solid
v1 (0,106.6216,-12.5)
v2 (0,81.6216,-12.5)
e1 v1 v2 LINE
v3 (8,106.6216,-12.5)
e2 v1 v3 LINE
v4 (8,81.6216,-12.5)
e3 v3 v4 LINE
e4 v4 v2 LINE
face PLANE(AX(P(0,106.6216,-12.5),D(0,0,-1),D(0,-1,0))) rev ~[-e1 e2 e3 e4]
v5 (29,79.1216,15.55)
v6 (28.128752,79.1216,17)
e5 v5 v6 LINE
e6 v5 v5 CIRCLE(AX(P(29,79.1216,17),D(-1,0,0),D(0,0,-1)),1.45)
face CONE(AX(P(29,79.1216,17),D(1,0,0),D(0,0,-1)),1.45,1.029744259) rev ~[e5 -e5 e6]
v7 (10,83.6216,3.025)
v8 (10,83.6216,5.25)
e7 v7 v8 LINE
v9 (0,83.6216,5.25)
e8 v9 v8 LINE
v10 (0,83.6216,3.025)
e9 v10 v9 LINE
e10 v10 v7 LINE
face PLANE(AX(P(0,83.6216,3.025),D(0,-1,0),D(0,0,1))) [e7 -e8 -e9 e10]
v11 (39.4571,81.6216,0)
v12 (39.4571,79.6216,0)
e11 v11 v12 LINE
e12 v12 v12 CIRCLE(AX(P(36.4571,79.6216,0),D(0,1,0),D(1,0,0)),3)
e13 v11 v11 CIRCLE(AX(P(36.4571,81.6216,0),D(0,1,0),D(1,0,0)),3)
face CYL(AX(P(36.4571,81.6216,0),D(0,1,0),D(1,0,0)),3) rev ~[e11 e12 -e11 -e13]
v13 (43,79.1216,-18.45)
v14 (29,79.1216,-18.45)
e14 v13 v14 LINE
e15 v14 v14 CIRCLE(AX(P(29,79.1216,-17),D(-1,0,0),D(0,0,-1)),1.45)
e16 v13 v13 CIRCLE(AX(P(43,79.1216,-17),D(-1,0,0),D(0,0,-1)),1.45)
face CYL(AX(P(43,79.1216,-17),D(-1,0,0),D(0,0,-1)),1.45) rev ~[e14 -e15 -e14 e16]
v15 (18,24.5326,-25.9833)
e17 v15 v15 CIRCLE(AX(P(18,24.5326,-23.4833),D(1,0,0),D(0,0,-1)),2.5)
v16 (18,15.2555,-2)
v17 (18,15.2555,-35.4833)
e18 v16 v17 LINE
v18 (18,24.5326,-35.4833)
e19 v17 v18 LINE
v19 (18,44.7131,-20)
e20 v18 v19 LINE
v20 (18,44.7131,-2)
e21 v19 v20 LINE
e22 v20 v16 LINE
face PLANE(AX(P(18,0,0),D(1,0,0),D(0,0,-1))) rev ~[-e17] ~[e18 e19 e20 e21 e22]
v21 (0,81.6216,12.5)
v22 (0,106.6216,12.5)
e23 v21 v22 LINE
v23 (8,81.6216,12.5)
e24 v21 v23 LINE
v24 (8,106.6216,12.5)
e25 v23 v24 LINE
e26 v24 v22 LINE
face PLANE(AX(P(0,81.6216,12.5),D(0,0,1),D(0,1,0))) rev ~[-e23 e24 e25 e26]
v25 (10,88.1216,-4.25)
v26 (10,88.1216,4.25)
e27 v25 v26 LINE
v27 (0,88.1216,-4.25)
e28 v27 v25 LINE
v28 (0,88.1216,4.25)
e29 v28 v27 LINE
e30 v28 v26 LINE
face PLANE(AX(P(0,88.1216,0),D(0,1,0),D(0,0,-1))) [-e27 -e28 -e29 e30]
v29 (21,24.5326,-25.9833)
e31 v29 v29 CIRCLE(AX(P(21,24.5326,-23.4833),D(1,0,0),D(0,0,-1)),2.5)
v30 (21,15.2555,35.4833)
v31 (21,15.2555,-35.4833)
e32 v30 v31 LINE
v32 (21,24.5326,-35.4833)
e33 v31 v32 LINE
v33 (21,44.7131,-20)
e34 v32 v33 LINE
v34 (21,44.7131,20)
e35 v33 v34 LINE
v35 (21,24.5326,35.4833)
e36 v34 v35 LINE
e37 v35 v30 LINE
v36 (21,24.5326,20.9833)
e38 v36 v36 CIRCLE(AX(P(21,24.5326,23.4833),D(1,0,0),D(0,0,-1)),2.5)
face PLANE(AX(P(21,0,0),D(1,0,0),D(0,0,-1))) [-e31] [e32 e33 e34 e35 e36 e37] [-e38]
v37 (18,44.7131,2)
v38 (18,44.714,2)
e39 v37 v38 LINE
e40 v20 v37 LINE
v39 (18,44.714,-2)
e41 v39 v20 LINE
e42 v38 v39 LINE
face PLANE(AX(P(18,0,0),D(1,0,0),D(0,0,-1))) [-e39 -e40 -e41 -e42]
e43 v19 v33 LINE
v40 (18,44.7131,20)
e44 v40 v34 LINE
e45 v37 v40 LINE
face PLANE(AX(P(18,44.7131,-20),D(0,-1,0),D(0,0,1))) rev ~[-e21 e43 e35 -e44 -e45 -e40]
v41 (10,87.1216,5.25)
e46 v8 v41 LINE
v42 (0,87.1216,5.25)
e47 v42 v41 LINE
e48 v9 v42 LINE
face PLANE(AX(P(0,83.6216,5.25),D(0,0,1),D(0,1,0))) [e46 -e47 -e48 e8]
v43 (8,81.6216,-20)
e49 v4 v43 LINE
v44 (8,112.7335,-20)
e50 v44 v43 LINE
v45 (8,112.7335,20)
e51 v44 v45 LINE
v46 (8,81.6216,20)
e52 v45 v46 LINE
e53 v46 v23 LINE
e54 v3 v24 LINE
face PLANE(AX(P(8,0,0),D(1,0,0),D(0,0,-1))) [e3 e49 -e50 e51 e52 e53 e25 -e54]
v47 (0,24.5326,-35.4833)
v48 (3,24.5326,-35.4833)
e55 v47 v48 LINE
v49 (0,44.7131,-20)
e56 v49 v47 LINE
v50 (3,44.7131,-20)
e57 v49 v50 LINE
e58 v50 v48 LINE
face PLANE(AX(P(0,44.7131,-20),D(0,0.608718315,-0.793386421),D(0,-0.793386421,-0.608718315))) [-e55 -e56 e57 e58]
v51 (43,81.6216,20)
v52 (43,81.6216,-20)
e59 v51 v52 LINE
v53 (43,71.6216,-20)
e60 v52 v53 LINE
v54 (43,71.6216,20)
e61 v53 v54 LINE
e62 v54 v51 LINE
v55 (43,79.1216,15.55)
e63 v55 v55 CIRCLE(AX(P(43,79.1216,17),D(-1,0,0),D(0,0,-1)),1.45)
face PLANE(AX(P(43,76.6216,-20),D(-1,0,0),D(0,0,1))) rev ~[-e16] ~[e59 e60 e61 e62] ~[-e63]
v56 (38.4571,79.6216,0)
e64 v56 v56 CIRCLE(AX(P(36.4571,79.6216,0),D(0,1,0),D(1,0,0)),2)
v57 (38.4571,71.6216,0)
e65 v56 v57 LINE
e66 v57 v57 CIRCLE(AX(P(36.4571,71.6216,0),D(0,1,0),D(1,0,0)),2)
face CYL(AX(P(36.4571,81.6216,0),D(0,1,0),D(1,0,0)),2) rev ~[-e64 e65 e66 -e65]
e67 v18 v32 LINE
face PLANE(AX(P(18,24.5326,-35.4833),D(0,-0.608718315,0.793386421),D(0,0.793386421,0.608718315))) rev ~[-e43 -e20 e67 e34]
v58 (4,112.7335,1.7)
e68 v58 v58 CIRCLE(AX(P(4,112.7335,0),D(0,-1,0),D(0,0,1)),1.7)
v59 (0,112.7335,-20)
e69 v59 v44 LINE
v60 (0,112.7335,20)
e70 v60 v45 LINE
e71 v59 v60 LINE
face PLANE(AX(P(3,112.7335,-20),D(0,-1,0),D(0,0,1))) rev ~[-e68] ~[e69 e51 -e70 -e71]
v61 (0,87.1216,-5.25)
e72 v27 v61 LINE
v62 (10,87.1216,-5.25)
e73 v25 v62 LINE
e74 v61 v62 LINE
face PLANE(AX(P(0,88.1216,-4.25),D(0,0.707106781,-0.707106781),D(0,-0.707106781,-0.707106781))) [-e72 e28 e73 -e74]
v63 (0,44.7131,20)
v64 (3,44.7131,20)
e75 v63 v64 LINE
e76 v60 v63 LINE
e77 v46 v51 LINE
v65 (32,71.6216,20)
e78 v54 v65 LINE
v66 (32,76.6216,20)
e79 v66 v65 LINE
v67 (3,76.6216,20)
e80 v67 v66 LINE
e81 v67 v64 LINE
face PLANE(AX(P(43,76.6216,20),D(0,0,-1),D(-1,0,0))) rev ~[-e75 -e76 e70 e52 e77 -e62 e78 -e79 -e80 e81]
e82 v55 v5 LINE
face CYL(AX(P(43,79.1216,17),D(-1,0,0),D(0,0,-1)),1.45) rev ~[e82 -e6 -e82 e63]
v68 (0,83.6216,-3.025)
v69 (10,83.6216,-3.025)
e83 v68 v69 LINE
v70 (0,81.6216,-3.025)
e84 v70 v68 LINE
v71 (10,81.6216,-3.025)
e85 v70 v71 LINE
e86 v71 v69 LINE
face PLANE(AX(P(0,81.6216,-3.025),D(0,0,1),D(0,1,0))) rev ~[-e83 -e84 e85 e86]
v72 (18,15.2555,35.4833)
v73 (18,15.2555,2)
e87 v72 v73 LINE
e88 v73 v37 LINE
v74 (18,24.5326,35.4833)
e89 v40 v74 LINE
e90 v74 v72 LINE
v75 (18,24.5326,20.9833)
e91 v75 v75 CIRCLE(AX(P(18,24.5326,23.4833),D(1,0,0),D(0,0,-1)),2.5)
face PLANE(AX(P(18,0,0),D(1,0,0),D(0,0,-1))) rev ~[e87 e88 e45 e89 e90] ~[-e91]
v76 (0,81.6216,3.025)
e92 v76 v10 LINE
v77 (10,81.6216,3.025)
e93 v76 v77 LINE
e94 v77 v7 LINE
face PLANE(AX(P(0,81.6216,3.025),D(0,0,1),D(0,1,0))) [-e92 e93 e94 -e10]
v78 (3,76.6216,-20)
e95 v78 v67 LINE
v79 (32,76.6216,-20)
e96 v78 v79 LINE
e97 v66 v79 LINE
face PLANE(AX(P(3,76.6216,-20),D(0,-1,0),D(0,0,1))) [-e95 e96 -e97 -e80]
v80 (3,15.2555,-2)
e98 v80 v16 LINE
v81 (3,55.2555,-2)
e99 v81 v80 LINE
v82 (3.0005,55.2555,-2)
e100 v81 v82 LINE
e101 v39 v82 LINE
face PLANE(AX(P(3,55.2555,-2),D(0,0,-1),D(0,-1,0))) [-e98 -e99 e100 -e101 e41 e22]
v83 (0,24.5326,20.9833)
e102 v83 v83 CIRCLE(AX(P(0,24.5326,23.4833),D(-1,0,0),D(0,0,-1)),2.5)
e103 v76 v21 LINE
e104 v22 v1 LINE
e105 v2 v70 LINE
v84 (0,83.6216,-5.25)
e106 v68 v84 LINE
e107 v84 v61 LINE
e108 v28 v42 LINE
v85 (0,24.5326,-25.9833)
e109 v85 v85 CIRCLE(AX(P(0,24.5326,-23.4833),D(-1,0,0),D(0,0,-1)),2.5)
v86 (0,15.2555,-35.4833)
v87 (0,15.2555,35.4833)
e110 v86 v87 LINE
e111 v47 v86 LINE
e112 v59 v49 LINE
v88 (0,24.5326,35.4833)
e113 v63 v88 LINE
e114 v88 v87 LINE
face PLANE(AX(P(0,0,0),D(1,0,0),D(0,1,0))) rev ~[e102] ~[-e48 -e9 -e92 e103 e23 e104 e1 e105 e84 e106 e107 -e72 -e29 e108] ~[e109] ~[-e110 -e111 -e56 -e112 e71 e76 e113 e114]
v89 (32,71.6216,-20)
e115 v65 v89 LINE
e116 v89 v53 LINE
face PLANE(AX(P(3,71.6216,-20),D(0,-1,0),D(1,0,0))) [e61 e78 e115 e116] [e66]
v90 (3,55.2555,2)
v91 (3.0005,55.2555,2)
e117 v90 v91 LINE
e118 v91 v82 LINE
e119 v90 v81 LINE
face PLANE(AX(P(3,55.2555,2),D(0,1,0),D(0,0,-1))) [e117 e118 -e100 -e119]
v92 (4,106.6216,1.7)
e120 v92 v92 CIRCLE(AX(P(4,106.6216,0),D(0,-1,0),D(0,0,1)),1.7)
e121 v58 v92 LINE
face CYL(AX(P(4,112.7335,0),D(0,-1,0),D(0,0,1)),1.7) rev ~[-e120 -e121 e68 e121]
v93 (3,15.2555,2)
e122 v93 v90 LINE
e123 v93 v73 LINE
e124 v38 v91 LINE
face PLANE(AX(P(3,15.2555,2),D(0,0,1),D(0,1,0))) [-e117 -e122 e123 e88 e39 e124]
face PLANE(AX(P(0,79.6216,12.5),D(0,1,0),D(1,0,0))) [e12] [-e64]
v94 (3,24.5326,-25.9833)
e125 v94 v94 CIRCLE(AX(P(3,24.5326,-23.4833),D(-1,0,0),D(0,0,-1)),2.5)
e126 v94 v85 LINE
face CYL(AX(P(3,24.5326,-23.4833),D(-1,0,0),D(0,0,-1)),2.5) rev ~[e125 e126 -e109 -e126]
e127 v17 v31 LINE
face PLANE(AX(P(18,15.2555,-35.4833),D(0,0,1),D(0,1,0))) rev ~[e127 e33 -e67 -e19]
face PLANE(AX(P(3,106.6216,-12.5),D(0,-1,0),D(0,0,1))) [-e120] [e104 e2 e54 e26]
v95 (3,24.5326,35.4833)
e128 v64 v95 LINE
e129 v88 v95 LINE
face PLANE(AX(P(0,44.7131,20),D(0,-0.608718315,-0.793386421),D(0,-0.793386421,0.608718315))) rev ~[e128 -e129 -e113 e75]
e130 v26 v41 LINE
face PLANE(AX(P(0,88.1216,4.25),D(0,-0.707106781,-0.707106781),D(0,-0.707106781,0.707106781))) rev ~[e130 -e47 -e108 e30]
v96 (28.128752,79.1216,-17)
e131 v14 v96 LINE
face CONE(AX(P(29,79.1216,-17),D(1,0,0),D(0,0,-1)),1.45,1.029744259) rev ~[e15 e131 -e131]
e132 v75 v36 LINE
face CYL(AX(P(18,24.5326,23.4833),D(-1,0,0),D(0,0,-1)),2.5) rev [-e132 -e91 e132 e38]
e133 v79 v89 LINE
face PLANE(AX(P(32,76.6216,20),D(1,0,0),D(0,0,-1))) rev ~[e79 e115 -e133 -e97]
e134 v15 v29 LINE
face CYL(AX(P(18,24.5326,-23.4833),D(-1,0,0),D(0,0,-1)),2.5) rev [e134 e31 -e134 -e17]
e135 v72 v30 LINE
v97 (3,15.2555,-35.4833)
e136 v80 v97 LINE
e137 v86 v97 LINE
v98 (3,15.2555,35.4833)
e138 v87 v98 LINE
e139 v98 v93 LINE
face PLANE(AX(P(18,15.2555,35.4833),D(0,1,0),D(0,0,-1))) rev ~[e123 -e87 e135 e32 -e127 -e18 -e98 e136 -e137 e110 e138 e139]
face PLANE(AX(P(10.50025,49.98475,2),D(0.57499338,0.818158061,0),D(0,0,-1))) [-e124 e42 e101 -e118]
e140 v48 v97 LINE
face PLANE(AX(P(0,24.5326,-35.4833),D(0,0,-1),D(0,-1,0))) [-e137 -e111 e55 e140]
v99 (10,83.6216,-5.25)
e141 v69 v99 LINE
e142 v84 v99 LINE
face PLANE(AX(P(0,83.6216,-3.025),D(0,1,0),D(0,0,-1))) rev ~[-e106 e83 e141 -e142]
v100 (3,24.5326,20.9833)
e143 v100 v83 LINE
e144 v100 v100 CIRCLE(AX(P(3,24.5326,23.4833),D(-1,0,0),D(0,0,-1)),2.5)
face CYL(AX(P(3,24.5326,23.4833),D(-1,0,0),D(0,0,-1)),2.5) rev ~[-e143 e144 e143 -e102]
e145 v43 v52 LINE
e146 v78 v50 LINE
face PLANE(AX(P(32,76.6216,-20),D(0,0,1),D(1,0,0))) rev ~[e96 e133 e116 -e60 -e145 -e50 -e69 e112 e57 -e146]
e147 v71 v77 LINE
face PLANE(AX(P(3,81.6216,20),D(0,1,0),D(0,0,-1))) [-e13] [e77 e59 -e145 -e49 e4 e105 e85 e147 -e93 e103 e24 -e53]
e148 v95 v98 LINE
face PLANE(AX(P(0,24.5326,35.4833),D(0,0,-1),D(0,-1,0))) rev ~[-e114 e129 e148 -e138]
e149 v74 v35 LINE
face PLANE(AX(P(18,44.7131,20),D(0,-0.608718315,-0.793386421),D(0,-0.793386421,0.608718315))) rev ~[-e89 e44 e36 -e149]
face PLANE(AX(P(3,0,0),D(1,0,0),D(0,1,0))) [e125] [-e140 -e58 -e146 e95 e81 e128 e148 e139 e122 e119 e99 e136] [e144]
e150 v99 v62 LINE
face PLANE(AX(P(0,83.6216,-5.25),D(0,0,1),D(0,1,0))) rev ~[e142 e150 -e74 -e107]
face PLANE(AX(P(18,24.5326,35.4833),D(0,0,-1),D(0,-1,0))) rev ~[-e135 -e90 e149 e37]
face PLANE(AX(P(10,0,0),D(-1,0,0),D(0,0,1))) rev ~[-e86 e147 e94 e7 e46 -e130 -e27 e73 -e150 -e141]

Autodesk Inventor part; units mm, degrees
ref_plane "YZ Plane" through (0, 0, 0) normal (1, 0, 0) x (0, 1, 0)
ref_plane "XZ Plane" through (0, 0, 0) normal (0, 1, 0) x (-1, 0, 0)
ref_plane "XY Plane" through (0, 0, 0) normal (0, 0, 1) x (1, 0, 0)
sketch "Szkic1" plane through (0, 0, 0) normal (1, 0, 0) x (0, 1, 0)
  line L0 (81.6216, 12.5) -> (106.6216, 12.5)
  line L1 (106.6216, 12.5) -> (106.6216, -12.5)
  line L2 (106.6216, -12.5) -> (81.6216, -12.5)
  line L3 (81.6216, -12.5) -> (81.6216, 12.5)
  line L4 (81.6216, 12.5) -> (106.6216, -12.5) construction
  line L5 (106.6216, 12.5) -> (81.6216, -12.5) construction
  line L6 (112.7335, 0) -> (112.7335, 20)
  line L7 (112.7335, 20) -> (44.7131, 20)
  line L8 (44.7131, 20) -> (24.5326, 35.4833)
  line L9 (24.5326, 35.4833) -> (15.2555, 35.4833)
  line L10 (15.2555, 35.4833) -> (15.2555, 0)
  line L11 (112.7335, 0) -> (112.7335, -20)
  line L12 (112.7335, -20) -> (44.7131, -20)
  line L13 (44.7131, -20) -> (24.5326, -35.4833)
  line L14 (24.5326, -35.4833) -> (15.2555, -35.4833)
  line L15 (15.2555, -35.4833) -> (15.2555, 0)
  point P0 (0, 0)
  point P1 (94.1216, 0)
  point P2 (24.5326, 19.6832)
  point P3 (24.5326, -19.6832)
  dimension "d0" = 25
  dimension "d1" = 25
  dimension "d2" = 82.089
  dimension "d3" = 20
extrude "Wyciągnięcie proste1" add sketch "Szkic1" along normal blind 3
sketch "Szkic2" plane through (3, 0, 0) normal (1, 0, 0) x (0, 0, -1)
  line L0 (-12.5, 106.6216) -> (12.5, 106.6216) projected
  line L1 (-35.4833, 24.5326) -> (-35.4833, 15.2555) projected
  line L2 (35.4833, 15.2555) -> (35.4833, 24.5326) projected
  point P0 (0, 0)
  point P1 (-23.4833, 24.5326)
  point P2 (23.4833, 24.5326)
  dimension "d6" = 82.089
  dimension "d7" = 82.089
  dimension "d8" = 12
  dimension "d9" = 12
hole "Otwór1" at (3, 24.5326, 23.4833) at (3, 24.5326, -23.4833) direction (-1, 0, 0) diameter 5 depth 3 clearance for "Śruba ze łbem płaskim obrobiona" size "M4" standard "ANSI Profil metryczny M"
sketch "Szkic3" plane through (3, 0, 0) normal (1, 0, 0) x (0, 0, -1)
  line L0 (-12.5, 106.6216) -> (12.5, 106.6216) projected
  line L1 (-12.5, 106.6216) -> (-20, 106.6216)
  line L2 (-20, 112.7335) -> (-20, 44.7131) projected
  line L3 (-12.5, 81.6216) -> (-12.5, 106.6216) projected
  line L4 (-20, 81.6216) -> (-12.5, 81.6216)
  line L5 (-12.5, 81.6216) -> (-12.5, 106.6216)
  line L6 (12.5, 106.6216) -> (12.5, 81.6216) projected
  line L7 (12.5, 106.6216) -> (12.5, 81.6216)
  line L8 (12.5, 81.6216) -> (20, 81.6216)
  line L9 (20, 81.6216) -> (20, 106.6216)
  line L10 (20, 106.6216) -> (12.5, 106.6216)
  line L11 (20, 44.7131) -> (20, 112.7335) projected
  point P0 (0, 0)
  point P1 (-20, 81.6216)
  dimension "d36" = 0
extrude "Wyciągnięcie proste2" add sketch "Szkic3" along normal blind 5
sketch "Szkic5" plane through (3, 0, 0) normal (1, 0, 0) x (0, 0, -1)
  line L0 (-35.4833, 15.2555) -> (35.4833, 15.2555) projected
  line L1 (0, 15.2555) -> (-2, 15.2555)
  line L2 (-2, 15.2555) -> (-2, 55.2555)
  line L3 (-2, 55.2555) -> (2, 55.2555)
  line L4 (2, 55.2555) -> (2, 15.2555)
  line L5 (0, 15.2555) -> (2, 15.2555)
  point P0 (0, 0)
  dimension "d26" = 2
  dimension "d27" = 40
  dimension "d28" = 4
extrude "Wyciągnięcie proste3" add sketch "Szkic5" along normal blind 15
sketch "Szkic6" plane through (18, 0, 0) normal (1, 0, 0) x (0, 0, -1)
  line L0 (-35.4833, 15.2555) -> (35.4833, 15.2555) projected
  line L1 (35.4833, 15.2555) -> (35.4833, 24.5326) projected
  line L2 (-35.4833, 15.2555) -> (35.4833, 15.2555)
  line L3 (35.4833, 15.2555) -> (35.4833, 24.5326)
  line L4 (35.4833, 24.5326) -> (20, 44.7131) projected
  line L5 (35.4833, 24.5326) -> (20, 44.7131)
  line L6 (-20, 44.7131) -> (-35.4833, 24.5326) projected
  line L7 (20, 44.7131) -> (-20, 44.7131)
  line L8 (-35.4833, 24.5326) -> (-35.4833, 15.2555) projected
  line L9 (-20, 44.7131) -> (-35.4833, 24.5326)
  line L10 (-35.4833, 24.5326) -> (-35.4833, 15.2555)
  circle A0 centre (-23.4833, 24.5326) radius 2.5 projected
  circle A1 centre (23.4833, 24.5326) radius 2.5 projected
  point P0 (0, 0)
extrude "Wyciągnięcie proste4" add sketch "Szkic6" along normal blind 3
chamfer "Faza1" distance 10.542 distance2 15 1 edges at (18, 55.2555, 0) measured on face at (18, 51.7413, 0.6667)
sketch "Szkic7" plane through (3, 0, 0) normal (1, 0, 0) x (0, 0, -1)
  line L0 (-20, 81.6216) -> (-12.5, 81.6216) projected
  line L1 (20, 44.7131) -> (20, 112.7335) projected
  line L2 (-20, 81.6216) -> (20, 81.6216)
  line L3 (20, 81.6216) -> (20, 76.6216)
  line L4 (20, 76.6216) -> (-20, 76.6216)
  line L5 (-20, 76.6216) -> (-20, 81.6216)
  point P0 (0, 0)
  dimension "d37" = 5
extrude "Wyciągnięcie proste5" add sketch "Szkic7" along normal blind 40
sketch "Szkic8" plane through (0, 81.6216, 12.5) normal (0, 1, 0) x (1, 0, 0)
  point P0 (0, 12.5)
  point P1 (36.4571, 12.5)
hole "Otwór3" at (36.4571, 81.6216, 0) direction (0, -1, 0) diameter 4 end through all clearance for "Śruba ze łbem płaskim obrobiona" size "M4" standard "ANSI Profil metryczny M"
sketch "Szkic9" plane through (3, 0, 0) normal (1, 0, 0) x (0, 0, -1)
  line L0 (20, 112.7335) -> (-20, 112.7335) projected
  line L1 (20, 106.6216) -> (12.5, 106.6216) projected
  line L2 (-20, 112.7335) -> (20, 112.7335)
  line L3 (20, 112.7335) -> (20, 106.6216)
  line L4 (20, 106.6216) -> (-20, 106.6216)
  line L5 (-20, 106.6216) -> (-20, 112.7335)
  point P0 (0, 0)
extrude "Wyciągnięcie proste6" add sketch "Szkic9" along normal up to surface (5 mm away)
sketch "Szkic10" plane through (0, 0, 0) normal (-1, 0, 0) x (0, 0, 1)
  line L0 (-3.025, 81.6216) -> (-3.025, 83.6216)
  line L1 (-3.025, 83.6216) -> (-5.25, 83.6216)
  line L2 (-5.25, 83.6216) -> (-5.25, 87.1216)
  line L3 (0, 88.1216) -> (-4.25, 88.1216)
  line L4 (-4.25, 88.1216) -> (-5.25, 87.1216)
  line L5 (0, 88.1216) -> (4.25, 88.1216)
  line L6 (4.25, 88.1216) -> (5.25, 87.1216)
  line L7 (5.25, 83.6216) -> (5.25, 87.1216)
  line L8 (3.025, 83.6216) -> (5.25, 83.6216)
  line L9 (3.025, 81.6216) -> (3.025, 83.6216)
  line L10 (-12.5, 81.6216) -> (12.5, 81.6216) projected
  point P0 (0, 0)
  point P1 (0, 81.6216)
  point P2 (0, 81.6216)
  point P3 (-3.025, 82.6216)
  dimension "d49" = 2
  dimension "d50" = 2.225
  dimension "d51" = 3.5
  dimension "d52" = 4.25
  dimension "d53" = 0
  dimension "d54" = 3.025
extrude "Wyciągnięcie proste7" add sketch "Szkic10" against normal blind 10
sketch "Szkic11" plane through (0, 112.7335, 20) normal (0, 1, 0) x (1, 0, 0)
  point P0 (0, 20)
  point P1 (4, 20)
hole "Otwór4" at (4, 112.7335, 0) direction (0, -1, 0) diameter 3.4 depth 6.1119 clearance for "Śruba ze łbem płaskim obrobiona" size "M3" standard "ANSI Profil metryczny M"
sketch "Szkic13" plane through (3, 76.6216, -20) normal (0, -1, 0) x (1, 0, 0)
  line L0 (0, 0) -> (40, 0) projected
  line L1 (40, 40) -> (29, 40)
  line L2 (29, 40) -> (29, 0)
  line L3 (29, 0) -> (40, 0)
  line L4 (40, 0) -> (40, 40)
  point P0 (-3, 20)
  dimension "d65" = 11
extrude "Wyciągnięcie proste8" add sketch "Szkic13" along normal blind 5
sketch "Szkic14" plane through (0, 81.6216, 12.5) normal (0, 1, 0) x (1, 0, 0)
  circle A0 centre (36.4571, 12.5) radius 2 projected
  circle A1 centre (36.4571, 12.5) radius 2
  point P0 (0, 12.5)
extrude "Wyciągnięcie proste9" cut sketch "Szkic14" against normal blind 10
sketch "Szkic15" plane through (0, 81.6216, 12.5) normal (0, 1, 0) x (1, 0, 0)
  circle A0 centre (36.4571, 12.5) radius 2 projected
  circle A1 centre (36.4571, 12.5) radius 3
  point P0 (0, 12.5)
  dimension "d70" = 6
extrude "Wyciągnięcie proste10" cut sketch "Szkic15" against normal blind 2
sketch "Szkic16" plane through (43, 0, 0) normal (1, 0, 0) x (0, 0, -1)
  line L0 (20, 81.6216) -> (-20, 81.6216) projected
  line L1 (-20, 81.6216) -> (-20, 71.6216) projected
  line L2 (20, 81.6216) -> (20, 71.6216) projected
  point P0 (0, 0)
  point P1 (-17, 79.1216)
  point P2 (17, 79.1216)
  dimension "d73" = 2.5
  dimension "d74" = 3
  dimension "d75" = 2.5
  dimension "d76" = 3
hole "Otwór5" at (43, 79.1216, 17) at (43, 79.1216, -17) direction (-1, 0, 0) diameter 2.9 depth 14 tip angle 118 clearance for "Śruba ze łbem płaskim obrobiona" size "M2.5" standard "ANSI Profil metryczny M"
equation "\"d7\" = d6"
equation "\"d9\" = d8"
equation "\"d75\" = d73"
equation "\"d76\" = d74"
properties part number "równoważnia"
